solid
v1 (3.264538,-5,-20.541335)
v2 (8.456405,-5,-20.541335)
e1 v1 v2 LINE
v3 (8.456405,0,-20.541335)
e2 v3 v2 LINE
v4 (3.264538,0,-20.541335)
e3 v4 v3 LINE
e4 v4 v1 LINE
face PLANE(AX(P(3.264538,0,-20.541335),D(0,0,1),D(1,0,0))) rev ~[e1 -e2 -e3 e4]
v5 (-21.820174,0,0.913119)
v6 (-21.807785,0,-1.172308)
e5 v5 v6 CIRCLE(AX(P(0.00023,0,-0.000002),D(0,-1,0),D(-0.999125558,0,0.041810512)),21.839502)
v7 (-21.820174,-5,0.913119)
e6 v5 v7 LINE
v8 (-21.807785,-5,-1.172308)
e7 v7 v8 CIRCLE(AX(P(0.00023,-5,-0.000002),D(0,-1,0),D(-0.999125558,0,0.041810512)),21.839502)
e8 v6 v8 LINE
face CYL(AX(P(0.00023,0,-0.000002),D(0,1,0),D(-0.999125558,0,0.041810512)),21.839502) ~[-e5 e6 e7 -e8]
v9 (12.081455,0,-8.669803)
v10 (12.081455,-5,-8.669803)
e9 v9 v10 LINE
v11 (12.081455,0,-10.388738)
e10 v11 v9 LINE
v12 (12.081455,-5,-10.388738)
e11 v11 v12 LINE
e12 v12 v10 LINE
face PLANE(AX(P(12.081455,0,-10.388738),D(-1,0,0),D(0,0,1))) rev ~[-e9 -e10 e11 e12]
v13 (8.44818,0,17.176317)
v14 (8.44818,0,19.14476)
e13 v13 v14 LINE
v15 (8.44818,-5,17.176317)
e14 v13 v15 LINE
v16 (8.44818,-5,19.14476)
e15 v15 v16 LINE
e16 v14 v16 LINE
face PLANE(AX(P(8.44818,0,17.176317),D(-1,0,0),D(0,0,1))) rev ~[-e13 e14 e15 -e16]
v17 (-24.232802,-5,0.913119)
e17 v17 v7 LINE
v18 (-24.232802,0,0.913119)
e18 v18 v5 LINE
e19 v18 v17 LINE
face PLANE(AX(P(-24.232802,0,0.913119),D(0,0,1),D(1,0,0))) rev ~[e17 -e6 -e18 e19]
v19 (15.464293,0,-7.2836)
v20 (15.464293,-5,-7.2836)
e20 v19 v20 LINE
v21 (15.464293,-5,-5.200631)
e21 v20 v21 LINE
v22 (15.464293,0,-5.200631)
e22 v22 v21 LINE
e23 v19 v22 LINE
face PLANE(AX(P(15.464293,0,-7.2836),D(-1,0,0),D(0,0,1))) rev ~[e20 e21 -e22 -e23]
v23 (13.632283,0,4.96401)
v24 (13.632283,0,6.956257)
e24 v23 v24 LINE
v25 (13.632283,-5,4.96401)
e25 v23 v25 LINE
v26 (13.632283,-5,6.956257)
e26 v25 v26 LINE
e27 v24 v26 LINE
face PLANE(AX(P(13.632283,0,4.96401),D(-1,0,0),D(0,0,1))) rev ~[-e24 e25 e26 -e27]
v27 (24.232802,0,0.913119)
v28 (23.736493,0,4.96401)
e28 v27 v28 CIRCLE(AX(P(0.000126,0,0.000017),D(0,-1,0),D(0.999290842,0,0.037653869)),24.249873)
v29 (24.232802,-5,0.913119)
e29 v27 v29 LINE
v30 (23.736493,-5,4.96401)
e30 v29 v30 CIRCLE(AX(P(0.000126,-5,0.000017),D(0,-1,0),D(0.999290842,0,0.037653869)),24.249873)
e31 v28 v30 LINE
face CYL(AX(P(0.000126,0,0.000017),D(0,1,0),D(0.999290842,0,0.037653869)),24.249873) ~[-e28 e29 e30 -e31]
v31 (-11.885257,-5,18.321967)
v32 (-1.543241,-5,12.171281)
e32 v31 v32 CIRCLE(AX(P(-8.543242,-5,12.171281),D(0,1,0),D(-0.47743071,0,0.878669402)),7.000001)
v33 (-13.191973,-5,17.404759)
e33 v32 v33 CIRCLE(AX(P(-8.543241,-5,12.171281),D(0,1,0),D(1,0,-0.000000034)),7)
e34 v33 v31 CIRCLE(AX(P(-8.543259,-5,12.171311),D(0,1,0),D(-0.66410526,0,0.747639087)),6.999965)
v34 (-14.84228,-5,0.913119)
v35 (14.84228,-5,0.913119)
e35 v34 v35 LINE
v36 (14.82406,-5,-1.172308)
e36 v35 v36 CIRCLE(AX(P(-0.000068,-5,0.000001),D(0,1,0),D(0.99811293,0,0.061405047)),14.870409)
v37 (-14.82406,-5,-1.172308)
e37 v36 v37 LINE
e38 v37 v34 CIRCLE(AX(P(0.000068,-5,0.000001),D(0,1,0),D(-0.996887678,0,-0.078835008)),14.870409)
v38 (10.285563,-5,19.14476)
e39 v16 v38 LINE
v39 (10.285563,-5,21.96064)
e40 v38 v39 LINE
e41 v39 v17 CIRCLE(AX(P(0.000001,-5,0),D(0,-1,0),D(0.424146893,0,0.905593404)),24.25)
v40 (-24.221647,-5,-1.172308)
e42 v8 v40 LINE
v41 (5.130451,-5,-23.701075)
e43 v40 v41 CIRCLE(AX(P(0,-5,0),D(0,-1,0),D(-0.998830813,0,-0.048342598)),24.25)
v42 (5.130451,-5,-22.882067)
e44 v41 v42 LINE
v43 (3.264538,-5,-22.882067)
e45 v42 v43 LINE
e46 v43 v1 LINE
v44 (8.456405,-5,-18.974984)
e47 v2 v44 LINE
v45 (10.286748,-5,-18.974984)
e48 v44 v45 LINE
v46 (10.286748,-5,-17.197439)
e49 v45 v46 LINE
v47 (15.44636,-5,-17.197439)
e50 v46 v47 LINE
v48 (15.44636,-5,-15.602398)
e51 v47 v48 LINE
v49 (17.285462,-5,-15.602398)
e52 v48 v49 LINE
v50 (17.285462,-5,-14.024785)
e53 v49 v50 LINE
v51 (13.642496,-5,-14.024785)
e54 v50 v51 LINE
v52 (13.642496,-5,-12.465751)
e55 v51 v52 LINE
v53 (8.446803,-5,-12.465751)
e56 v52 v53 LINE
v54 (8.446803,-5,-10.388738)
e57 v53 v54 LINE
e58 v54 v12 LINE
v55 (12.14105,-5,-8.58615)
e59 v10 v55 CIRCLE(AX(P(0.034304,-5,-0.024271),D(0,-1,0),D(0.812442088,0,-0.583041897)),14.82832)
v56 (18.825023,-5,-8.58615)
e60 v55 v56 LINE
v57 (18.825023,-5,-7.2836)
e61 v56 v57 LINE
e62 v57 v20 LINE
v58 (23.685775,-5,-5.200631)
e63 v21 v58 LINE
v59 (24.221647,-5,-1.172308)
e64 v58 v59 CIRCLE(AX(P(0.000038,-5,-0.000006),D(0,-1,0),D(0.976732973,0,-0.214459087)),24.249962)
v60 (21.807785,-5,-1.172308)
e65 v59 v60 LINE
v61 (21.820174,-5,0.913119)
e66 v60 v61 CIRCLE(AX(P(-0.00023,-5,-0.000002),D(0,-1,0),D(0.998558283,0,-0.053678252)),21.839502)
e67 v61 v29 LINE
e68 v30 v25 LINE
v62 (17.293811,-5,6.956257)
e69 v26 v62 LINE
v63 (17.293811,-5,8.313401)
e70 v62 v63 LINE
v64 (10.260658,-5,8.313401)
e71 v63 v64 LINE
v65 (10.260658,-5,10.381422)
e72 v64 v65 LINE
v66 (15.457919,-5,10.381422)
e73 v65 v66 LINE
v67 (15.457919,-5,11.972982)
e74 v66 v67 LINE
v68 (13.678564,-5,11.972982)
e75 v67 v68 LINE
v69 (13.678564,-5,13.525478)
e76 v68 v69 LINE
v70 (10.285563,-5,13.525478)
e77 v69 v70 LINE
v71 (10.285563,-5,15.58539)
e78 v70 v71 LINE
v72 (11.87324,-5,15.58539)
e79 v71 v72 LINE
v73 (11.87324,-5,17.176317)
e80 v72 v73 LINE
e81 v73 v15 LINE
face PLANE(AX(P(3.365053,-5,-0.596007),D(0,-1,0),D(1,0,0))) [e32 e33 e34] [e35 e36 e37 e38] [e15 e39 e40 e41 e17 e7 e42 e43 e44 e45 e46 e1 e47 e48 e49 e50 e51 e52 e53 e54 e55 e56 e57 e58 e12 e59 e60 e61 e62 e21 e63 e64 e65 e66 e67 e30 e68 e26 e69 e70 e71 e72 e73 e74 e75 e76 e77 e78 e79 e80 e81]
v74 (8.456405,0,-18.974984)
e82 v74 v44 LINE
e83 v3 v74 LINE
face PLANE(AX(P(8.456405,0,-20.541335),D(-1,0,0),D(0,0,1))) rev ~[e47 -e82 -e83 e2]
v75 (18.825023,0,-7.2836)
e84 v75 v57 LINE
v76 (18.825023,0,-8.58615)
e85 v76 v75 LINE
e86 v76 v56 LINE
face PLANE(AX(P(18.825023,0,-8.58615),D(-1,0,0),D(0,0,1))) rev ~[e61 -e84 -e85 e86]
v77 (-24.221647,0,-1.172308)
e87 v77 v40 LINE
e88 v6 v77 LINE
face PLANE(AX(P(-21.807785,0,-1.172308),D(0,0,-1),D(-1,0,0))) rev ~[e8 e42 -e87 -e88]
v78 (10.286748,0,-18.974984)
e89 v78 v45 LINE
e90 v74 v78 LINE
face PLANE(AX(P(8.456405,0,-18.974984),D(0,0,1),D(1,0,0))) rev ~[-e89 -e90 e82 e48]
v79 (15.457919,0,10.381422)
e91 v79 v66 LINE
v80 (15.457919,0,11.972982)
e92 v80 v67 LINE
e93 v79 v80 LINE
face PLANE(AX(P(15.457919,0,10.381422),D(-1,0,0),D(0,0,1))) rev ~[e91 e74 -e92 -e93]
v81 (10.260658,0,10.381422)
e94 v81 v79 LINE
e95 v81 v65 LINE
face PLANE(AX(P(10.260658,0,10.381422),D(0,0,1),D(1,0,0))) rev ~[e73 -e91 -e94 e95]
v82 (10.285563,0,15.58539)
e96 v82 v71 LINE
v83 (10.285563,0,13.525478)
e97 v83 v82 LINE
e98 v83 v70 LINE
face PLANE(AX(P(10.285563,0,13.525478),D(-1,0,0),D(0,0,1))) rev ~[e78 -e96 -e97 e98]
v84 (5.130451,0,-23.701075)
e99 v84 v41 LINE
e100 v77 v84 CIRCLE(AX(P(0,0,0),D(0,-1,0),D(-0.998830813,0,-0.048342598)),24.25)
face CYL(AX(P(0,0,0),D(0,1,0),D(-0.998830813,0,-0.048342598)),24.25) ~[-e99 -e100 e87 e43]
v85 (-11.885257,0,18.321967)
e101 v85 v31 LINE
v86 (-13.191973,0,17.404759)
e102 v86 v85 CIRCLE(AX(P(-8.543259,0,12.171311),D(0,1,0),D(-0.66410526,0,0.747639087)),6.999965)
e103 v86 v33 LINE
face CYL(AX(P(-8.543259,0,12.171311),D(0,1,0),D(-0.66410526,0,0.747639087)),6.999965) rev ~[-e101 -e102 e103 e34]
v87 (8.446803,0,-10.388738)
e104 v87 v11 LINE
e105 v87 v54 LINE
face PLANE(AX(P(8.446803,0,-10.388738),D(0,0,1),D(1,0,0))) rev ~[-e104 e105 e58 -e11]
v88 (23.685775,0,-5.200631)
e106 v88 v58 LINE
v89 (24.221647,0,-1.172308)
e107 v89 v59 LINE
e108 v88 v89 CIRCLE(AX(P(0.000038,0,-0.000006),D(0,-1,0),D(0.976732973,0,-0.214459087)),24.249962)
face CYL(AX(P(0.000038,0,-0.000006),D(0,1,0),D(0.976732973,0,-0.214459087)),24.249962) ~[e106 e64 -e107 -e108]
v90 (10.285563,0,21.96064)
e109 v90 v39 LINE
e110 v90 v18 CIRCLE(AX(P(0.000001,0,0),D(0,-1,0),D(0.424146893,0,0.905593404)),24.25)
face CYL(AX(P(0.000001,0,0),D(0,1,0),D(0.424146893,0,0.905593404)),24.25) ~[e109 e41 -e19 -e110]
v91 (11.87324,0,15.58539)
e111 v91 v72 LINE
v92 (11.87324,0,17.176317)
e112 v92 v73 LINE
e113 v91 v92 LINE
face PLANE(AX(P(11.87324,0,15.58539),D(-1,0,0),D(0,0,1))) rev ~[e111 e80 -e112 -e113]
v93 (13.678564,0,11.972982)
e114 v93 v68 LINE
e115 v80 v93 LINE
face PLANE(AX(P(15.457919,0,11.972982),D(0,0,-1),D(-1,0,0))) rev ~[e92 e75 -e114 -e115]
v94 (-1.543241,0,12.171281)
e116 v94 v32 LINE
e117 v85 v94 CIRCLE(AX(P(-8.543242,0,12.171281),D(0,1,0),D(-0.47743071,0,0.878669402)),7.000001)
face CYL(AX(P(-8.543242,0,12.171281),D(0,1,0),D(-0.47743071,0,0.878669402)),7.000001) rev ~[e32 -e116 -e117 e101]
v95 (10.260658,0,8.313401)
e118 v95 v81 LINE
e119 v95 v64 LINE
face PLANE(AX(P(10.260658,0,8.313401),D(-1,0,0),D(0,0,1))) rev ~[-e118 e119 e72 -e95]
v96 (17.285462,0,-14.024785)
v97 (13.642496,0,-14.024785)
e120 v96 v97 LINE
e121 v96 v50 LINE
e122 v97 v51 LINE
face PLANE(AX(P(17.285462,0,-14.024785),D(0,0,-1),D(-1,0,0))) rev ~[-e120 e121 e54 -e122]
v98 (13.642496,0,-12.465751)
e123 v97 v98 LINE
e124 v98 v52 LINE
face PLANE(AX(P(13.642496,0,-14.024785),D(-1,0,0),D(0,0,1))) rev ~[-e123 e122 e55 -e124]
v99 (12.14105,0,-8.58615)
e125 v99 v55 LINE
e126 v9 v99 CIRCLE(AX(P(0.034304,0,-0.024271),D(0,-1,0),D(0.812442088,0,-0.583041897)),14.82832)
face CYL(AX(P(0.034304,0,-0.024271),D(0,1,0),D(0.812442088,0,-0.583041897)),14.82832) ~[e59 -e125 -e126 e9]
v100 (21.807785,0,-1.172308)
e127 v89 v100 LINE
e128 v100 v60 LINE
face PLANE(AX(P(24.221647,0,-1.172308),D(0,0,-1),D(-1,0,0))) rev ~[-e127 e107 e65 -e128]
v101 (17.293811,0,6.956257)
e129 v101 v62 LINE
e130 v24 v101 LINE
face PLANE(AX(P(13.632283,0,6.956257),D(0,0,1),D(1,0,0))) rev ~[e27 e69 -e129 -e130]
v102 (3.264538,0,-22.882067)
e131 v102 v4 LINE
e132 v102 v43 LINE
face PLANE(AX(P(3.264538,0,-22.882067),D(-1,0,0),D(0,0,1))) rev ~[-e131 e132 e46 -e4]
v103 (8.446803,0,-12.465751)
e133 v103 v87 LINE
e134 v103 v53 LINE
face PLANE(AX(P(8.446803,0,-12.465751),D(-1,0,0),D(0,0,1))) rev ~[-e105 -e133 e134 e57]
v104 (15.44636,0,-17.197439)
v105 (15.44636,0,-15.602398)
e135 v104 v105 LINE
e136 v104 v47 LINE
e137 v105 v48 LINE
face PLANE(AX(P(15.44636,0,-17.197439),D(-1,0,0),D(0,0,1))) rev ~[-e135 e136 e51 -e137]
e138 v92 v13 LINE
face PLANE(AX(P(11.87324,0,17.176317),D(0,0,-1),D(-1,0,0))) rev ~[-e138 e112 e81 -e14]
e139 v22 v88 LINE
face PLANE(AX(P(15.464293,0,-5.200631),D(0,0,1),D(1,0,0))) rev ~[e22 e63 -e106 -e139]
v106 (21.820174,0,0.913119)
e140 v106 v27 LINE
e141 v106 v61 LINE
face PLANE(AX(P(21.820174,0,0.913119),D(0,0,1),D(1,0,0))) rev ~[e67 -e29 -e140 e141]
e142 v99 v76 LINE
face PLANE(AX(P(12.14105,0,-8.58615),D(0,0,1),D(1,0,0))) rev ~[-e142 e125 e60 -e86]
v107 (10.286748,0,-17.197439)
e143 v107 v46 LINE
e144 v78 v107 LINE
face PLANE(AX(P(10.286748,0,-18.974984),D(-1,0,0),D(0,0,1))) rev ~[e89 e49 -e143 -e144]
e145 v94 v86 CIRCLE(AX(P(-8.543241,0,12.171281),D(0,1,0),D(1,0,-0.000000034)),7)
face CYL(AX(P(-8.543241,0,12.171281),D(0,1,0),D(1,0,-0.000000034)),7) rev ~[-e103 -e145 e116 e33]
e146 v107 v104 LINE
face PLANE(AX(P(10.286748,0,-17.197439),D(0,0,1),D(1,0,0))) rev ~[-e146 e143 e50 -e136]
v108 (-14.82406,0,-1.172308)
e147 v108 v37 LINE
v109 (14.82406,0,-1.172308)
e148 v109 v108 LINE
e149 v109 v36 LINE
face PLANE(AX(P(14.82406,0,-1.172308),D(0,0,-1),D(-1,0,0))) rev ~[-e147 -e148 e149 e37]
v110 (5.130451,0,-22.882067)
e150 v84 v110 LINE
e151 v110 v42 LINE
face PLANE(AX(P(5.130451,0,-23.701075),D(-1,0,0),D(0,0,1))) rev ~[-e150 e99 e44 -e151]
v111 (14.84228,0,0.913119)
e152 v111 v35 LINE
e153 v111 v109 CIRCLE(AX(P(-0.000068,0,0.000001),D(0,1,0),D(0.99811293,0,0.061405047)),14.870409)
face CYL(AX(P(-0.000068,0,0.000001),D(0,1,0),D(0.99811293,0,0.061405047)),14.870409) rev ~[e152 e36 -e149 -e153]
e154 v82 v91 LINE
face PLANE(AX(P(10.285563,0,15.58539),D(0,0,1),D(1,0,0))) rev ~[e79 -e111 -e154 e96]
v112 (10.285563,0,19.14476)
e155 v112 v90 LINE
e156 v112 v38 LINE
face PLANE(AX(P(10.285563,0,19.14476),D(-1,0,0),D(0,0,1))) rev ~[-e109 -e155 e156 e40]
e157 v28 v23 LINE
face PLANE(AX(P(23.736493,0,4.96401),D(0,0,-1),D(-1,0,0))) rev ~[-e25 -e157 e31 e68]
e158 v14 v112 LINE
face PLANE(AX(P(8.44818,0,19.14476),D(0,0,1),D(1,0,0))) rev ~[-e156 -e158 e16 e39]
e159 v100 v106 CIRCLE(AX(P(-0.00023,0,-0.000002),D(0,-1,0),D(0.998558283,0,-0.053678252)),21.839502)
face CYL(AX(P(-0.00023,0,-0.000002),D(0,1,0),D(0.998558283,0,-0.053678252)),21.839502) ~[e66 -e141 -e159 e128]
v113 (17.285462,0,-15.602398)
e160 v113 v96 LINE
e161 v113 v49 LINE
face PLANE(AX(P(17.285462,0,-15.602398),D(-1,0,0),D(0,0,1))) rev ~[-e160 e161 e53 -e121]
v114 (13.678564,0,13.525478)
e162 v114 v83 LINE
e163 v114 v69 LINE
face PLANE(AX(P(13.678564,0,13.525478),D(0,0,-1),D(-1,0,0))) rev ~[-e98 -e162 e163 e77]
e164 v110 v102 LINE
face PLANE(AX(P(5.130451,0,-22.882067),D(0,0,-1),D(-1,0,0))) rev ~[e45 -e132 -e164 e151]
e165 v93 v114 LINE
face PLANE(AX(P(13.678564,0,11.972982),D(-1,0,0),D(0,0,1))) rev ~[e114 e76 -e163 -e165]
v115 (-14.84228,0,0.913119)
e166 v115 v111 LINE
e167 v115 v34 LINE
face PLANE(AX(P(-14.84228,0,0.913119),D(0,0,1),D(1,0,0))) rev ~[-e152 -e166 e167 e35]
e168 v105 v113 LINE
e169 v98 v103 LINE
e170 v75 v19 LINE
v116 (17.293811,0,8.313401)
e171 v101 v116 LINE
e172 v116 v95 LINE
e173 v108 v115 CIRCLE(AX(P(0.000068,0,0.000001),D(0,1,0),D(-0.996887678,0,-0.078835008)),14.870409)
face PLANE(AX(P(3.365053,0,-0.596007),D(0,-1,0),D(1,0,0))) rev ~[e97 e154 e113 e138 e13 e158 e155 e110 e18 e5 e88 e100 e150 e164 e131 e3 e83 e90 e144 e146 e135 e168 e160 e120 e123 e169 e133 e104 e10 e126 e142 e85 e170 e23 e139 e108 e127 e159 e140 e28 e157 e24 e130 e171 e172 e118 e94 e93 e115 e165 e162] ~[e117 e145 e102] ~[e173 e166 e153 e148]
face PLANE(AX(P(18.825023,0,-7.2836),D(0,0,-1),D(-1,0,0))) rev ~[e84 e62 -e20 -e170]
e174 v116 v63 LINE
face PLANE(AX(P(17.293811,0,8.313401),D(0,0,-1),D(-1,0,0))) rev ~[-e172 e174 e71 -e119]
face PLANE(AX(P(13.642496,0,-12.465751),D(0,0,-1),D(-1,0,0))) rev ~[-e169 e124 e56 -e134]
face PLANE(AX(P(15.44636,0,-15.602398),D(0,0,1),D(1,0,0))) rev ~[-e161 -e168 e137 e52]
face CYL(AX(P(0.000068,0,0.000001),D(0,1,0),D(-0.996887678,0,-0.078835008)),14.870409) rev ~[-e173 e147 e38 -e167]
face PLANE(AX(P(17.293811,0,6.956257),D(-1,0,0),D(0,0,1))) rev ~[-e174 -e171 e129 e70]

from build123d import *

# Parameters (mm, degrees)
F1_DEPTH = 5


with BuildPart() as f1:
    # F0 (on Front) → F1 (new body)
    with BuildSketch(Plane.XZ):
        with BuildLine():
            Line((-21.807785, -1.172308), (-24.221647, -1.172308))
            ThreePointArc((-24.221647, -1.172308), (-14.764985, -19.236884), (5.130451, -23.701075))
            Line((5.130451, -23.701075), (5.130451, -22.882067))
            Line((5.130451, -22.882067), (3.264538, -22.882067))
            Line((3.264538, -22.882067), (3.264538, -20.541335))
            Line((3.264538, -20.541335), (8.456405, -20.541335))
            Line((8.456405, -20.541335), (8.456405, -18.974984))
            Line((8.456405, -18.974984), (10.286748, -18.974984))
            Line((10.286748, -18.974984), (10.286748, -17.197439))
            Line((10.286748, -17.197439), (15.44636, -17.197439))
            Line((15.44636, -17.197439), (15.44636, -15.602398))
            Line((15.44636, -15.602398), (17.285462, -15.602398))
            Line((17.285462, -15.602398), (17.285462, -14.024785))
            Line((17.285462, -14.024785), (13.642496, -14.024785))
            Line((13.642496, -14.024785), (13.642496, -12.465751))
            Line((13.642496, -12.465751), (8.446803, -12.465751))
            Line((8.446803, -12.465751), (8.446803, -10.388738))
            Line((8.446803, -10.388738), (12.081455, -10.388738))
            Line((12.081455, -10.388738), (12.081455, -8.669803))
            Line((12.081455, -8.669803), (12.081455, -8.58615))
            Line((12.081455, -8.58615), (12.14105, -8.58615))
            Line((12.14105, -8.58615), (18.825023, -8.58615))
            Line((18.825023, -8.58615), (18.825023, -7.2836))
            Line((18.825023, -7.2836), (15.464293, -7.2836))
            Line((15.464293, -7.2836), (15.464293, -5.200631))
            Line((15.464293, -5.200631), (23.685775, -5.200631))
            ThreePointArc((23.685775, -5.200631), (24.038243, -3.197714), (24.221647, -1.172308))
            Line((24.221647, -1.172308), (21.807785, -1.172308))
            ThreePointArc((21.807785, -1.172308), (21.838886, -0.129742), (21.820174, 0.913119))
            Line((21.820174, 0.913119), (24.232802, 0.913119))
            ThreePointArc((24.232802, 0.913119), (24.070018, 2.949024), (23.736493, 4.96401))
            Line((23.736493, 4.96401), (13.632283, 4.96401))
            Line((13.632283, 4.96401), (13.632283, 6.956257))
            Line((13.632283, 6.956257), (17.293811, 6.956257))
            Line((17.293811, 6.956257), (17.293811, 8.313401))
            Line((17.293811, 8.313401), (10.260658, 8.313401))
            Line((10.260658, 8.313401), (10.260658, 10.381422))
            Line((10.260658, 10.381422), (15.457919, 10.381422))
            Line((15.457919, 10.381422), (15.457919, 11.972982))
            Line((15.457919, 11.972982), (13.678564, 11.972982))
            Line((13.678564, 11.972982), (13.678564, 13.525478))
            Line((13.678564, 13.525478), (10.285563, 13.525478))
            Line((10.285563, 13.525478), (10.285563, 15.58539))
            Line((10.285563, 15.58539), (11.87324, 15.58539))
            Line((11.87324, 15.58539), (11.87324, 17.176317))
            Line((11.87324, 17.176317), (8.44818, 17.176317))
            Line((8.44818, 17.176317), (8.44818, 19.14476))
            Line((8.44818, 19.14476), (10.285563, 19.14476))
            Line((10.285563, 19.14476), (10.285563, 21.96064))
            ThreePointArc((10.285563, 21.96064), (-12.624615, 20.704627), (-24.232802, 0.913119))
            Line((-24.232802, 0.913119), (-21.820174, 0.913119))
            ThreePointArc((-21.820174, 0.913119), (-21.838886, -0.129742), (-21.807785, -1.172308))
        make_face()
        with BuildLine():
            ThreePointArc((-14.82406, -1.172308), (-14.869774, -0.129914), (-14.84228, 0.913119))
            Line((-14.84228, 0.913119), (14.84228, 0.913119))
            ThreePointArc((14.84228, 0.913119), (14.869774, -0.129914), (14.82406, -1.172308))
            Line((14.82406, -1.172308), (-14.82406, -1.172308))
        make_face(mode=Mode.SUBTRACT)
        with BuildLine():
            ThreePointArc((-11.885257, 18.321967), (-4.965121, 18.18768), (-1.543241, 12.171281))
            ThreePointArc((-1.543241, 12.171281), (-11.41194, 5.786098), (-13.191973, 17.404759))
            ThreePointArc((-13.191973, 17.404759), (-12.564849, 17.900738), (-11.885257, 18.321967))
        make_face(mode=Mode.SUBTRACT)
        with BuildLine():
            Line((12.081455, -8.58615), (12.081455, -8.669803))
            ThreePointArc((12.081455, -8.669803), (12.111325, -8.628028), (12.14105, -8.58615))
            Line((12.14105, -8.58615), (12.081455, -8.58615))
        make_face()
    extrude(amount=F1_DEPTH)


solid = f1.part
